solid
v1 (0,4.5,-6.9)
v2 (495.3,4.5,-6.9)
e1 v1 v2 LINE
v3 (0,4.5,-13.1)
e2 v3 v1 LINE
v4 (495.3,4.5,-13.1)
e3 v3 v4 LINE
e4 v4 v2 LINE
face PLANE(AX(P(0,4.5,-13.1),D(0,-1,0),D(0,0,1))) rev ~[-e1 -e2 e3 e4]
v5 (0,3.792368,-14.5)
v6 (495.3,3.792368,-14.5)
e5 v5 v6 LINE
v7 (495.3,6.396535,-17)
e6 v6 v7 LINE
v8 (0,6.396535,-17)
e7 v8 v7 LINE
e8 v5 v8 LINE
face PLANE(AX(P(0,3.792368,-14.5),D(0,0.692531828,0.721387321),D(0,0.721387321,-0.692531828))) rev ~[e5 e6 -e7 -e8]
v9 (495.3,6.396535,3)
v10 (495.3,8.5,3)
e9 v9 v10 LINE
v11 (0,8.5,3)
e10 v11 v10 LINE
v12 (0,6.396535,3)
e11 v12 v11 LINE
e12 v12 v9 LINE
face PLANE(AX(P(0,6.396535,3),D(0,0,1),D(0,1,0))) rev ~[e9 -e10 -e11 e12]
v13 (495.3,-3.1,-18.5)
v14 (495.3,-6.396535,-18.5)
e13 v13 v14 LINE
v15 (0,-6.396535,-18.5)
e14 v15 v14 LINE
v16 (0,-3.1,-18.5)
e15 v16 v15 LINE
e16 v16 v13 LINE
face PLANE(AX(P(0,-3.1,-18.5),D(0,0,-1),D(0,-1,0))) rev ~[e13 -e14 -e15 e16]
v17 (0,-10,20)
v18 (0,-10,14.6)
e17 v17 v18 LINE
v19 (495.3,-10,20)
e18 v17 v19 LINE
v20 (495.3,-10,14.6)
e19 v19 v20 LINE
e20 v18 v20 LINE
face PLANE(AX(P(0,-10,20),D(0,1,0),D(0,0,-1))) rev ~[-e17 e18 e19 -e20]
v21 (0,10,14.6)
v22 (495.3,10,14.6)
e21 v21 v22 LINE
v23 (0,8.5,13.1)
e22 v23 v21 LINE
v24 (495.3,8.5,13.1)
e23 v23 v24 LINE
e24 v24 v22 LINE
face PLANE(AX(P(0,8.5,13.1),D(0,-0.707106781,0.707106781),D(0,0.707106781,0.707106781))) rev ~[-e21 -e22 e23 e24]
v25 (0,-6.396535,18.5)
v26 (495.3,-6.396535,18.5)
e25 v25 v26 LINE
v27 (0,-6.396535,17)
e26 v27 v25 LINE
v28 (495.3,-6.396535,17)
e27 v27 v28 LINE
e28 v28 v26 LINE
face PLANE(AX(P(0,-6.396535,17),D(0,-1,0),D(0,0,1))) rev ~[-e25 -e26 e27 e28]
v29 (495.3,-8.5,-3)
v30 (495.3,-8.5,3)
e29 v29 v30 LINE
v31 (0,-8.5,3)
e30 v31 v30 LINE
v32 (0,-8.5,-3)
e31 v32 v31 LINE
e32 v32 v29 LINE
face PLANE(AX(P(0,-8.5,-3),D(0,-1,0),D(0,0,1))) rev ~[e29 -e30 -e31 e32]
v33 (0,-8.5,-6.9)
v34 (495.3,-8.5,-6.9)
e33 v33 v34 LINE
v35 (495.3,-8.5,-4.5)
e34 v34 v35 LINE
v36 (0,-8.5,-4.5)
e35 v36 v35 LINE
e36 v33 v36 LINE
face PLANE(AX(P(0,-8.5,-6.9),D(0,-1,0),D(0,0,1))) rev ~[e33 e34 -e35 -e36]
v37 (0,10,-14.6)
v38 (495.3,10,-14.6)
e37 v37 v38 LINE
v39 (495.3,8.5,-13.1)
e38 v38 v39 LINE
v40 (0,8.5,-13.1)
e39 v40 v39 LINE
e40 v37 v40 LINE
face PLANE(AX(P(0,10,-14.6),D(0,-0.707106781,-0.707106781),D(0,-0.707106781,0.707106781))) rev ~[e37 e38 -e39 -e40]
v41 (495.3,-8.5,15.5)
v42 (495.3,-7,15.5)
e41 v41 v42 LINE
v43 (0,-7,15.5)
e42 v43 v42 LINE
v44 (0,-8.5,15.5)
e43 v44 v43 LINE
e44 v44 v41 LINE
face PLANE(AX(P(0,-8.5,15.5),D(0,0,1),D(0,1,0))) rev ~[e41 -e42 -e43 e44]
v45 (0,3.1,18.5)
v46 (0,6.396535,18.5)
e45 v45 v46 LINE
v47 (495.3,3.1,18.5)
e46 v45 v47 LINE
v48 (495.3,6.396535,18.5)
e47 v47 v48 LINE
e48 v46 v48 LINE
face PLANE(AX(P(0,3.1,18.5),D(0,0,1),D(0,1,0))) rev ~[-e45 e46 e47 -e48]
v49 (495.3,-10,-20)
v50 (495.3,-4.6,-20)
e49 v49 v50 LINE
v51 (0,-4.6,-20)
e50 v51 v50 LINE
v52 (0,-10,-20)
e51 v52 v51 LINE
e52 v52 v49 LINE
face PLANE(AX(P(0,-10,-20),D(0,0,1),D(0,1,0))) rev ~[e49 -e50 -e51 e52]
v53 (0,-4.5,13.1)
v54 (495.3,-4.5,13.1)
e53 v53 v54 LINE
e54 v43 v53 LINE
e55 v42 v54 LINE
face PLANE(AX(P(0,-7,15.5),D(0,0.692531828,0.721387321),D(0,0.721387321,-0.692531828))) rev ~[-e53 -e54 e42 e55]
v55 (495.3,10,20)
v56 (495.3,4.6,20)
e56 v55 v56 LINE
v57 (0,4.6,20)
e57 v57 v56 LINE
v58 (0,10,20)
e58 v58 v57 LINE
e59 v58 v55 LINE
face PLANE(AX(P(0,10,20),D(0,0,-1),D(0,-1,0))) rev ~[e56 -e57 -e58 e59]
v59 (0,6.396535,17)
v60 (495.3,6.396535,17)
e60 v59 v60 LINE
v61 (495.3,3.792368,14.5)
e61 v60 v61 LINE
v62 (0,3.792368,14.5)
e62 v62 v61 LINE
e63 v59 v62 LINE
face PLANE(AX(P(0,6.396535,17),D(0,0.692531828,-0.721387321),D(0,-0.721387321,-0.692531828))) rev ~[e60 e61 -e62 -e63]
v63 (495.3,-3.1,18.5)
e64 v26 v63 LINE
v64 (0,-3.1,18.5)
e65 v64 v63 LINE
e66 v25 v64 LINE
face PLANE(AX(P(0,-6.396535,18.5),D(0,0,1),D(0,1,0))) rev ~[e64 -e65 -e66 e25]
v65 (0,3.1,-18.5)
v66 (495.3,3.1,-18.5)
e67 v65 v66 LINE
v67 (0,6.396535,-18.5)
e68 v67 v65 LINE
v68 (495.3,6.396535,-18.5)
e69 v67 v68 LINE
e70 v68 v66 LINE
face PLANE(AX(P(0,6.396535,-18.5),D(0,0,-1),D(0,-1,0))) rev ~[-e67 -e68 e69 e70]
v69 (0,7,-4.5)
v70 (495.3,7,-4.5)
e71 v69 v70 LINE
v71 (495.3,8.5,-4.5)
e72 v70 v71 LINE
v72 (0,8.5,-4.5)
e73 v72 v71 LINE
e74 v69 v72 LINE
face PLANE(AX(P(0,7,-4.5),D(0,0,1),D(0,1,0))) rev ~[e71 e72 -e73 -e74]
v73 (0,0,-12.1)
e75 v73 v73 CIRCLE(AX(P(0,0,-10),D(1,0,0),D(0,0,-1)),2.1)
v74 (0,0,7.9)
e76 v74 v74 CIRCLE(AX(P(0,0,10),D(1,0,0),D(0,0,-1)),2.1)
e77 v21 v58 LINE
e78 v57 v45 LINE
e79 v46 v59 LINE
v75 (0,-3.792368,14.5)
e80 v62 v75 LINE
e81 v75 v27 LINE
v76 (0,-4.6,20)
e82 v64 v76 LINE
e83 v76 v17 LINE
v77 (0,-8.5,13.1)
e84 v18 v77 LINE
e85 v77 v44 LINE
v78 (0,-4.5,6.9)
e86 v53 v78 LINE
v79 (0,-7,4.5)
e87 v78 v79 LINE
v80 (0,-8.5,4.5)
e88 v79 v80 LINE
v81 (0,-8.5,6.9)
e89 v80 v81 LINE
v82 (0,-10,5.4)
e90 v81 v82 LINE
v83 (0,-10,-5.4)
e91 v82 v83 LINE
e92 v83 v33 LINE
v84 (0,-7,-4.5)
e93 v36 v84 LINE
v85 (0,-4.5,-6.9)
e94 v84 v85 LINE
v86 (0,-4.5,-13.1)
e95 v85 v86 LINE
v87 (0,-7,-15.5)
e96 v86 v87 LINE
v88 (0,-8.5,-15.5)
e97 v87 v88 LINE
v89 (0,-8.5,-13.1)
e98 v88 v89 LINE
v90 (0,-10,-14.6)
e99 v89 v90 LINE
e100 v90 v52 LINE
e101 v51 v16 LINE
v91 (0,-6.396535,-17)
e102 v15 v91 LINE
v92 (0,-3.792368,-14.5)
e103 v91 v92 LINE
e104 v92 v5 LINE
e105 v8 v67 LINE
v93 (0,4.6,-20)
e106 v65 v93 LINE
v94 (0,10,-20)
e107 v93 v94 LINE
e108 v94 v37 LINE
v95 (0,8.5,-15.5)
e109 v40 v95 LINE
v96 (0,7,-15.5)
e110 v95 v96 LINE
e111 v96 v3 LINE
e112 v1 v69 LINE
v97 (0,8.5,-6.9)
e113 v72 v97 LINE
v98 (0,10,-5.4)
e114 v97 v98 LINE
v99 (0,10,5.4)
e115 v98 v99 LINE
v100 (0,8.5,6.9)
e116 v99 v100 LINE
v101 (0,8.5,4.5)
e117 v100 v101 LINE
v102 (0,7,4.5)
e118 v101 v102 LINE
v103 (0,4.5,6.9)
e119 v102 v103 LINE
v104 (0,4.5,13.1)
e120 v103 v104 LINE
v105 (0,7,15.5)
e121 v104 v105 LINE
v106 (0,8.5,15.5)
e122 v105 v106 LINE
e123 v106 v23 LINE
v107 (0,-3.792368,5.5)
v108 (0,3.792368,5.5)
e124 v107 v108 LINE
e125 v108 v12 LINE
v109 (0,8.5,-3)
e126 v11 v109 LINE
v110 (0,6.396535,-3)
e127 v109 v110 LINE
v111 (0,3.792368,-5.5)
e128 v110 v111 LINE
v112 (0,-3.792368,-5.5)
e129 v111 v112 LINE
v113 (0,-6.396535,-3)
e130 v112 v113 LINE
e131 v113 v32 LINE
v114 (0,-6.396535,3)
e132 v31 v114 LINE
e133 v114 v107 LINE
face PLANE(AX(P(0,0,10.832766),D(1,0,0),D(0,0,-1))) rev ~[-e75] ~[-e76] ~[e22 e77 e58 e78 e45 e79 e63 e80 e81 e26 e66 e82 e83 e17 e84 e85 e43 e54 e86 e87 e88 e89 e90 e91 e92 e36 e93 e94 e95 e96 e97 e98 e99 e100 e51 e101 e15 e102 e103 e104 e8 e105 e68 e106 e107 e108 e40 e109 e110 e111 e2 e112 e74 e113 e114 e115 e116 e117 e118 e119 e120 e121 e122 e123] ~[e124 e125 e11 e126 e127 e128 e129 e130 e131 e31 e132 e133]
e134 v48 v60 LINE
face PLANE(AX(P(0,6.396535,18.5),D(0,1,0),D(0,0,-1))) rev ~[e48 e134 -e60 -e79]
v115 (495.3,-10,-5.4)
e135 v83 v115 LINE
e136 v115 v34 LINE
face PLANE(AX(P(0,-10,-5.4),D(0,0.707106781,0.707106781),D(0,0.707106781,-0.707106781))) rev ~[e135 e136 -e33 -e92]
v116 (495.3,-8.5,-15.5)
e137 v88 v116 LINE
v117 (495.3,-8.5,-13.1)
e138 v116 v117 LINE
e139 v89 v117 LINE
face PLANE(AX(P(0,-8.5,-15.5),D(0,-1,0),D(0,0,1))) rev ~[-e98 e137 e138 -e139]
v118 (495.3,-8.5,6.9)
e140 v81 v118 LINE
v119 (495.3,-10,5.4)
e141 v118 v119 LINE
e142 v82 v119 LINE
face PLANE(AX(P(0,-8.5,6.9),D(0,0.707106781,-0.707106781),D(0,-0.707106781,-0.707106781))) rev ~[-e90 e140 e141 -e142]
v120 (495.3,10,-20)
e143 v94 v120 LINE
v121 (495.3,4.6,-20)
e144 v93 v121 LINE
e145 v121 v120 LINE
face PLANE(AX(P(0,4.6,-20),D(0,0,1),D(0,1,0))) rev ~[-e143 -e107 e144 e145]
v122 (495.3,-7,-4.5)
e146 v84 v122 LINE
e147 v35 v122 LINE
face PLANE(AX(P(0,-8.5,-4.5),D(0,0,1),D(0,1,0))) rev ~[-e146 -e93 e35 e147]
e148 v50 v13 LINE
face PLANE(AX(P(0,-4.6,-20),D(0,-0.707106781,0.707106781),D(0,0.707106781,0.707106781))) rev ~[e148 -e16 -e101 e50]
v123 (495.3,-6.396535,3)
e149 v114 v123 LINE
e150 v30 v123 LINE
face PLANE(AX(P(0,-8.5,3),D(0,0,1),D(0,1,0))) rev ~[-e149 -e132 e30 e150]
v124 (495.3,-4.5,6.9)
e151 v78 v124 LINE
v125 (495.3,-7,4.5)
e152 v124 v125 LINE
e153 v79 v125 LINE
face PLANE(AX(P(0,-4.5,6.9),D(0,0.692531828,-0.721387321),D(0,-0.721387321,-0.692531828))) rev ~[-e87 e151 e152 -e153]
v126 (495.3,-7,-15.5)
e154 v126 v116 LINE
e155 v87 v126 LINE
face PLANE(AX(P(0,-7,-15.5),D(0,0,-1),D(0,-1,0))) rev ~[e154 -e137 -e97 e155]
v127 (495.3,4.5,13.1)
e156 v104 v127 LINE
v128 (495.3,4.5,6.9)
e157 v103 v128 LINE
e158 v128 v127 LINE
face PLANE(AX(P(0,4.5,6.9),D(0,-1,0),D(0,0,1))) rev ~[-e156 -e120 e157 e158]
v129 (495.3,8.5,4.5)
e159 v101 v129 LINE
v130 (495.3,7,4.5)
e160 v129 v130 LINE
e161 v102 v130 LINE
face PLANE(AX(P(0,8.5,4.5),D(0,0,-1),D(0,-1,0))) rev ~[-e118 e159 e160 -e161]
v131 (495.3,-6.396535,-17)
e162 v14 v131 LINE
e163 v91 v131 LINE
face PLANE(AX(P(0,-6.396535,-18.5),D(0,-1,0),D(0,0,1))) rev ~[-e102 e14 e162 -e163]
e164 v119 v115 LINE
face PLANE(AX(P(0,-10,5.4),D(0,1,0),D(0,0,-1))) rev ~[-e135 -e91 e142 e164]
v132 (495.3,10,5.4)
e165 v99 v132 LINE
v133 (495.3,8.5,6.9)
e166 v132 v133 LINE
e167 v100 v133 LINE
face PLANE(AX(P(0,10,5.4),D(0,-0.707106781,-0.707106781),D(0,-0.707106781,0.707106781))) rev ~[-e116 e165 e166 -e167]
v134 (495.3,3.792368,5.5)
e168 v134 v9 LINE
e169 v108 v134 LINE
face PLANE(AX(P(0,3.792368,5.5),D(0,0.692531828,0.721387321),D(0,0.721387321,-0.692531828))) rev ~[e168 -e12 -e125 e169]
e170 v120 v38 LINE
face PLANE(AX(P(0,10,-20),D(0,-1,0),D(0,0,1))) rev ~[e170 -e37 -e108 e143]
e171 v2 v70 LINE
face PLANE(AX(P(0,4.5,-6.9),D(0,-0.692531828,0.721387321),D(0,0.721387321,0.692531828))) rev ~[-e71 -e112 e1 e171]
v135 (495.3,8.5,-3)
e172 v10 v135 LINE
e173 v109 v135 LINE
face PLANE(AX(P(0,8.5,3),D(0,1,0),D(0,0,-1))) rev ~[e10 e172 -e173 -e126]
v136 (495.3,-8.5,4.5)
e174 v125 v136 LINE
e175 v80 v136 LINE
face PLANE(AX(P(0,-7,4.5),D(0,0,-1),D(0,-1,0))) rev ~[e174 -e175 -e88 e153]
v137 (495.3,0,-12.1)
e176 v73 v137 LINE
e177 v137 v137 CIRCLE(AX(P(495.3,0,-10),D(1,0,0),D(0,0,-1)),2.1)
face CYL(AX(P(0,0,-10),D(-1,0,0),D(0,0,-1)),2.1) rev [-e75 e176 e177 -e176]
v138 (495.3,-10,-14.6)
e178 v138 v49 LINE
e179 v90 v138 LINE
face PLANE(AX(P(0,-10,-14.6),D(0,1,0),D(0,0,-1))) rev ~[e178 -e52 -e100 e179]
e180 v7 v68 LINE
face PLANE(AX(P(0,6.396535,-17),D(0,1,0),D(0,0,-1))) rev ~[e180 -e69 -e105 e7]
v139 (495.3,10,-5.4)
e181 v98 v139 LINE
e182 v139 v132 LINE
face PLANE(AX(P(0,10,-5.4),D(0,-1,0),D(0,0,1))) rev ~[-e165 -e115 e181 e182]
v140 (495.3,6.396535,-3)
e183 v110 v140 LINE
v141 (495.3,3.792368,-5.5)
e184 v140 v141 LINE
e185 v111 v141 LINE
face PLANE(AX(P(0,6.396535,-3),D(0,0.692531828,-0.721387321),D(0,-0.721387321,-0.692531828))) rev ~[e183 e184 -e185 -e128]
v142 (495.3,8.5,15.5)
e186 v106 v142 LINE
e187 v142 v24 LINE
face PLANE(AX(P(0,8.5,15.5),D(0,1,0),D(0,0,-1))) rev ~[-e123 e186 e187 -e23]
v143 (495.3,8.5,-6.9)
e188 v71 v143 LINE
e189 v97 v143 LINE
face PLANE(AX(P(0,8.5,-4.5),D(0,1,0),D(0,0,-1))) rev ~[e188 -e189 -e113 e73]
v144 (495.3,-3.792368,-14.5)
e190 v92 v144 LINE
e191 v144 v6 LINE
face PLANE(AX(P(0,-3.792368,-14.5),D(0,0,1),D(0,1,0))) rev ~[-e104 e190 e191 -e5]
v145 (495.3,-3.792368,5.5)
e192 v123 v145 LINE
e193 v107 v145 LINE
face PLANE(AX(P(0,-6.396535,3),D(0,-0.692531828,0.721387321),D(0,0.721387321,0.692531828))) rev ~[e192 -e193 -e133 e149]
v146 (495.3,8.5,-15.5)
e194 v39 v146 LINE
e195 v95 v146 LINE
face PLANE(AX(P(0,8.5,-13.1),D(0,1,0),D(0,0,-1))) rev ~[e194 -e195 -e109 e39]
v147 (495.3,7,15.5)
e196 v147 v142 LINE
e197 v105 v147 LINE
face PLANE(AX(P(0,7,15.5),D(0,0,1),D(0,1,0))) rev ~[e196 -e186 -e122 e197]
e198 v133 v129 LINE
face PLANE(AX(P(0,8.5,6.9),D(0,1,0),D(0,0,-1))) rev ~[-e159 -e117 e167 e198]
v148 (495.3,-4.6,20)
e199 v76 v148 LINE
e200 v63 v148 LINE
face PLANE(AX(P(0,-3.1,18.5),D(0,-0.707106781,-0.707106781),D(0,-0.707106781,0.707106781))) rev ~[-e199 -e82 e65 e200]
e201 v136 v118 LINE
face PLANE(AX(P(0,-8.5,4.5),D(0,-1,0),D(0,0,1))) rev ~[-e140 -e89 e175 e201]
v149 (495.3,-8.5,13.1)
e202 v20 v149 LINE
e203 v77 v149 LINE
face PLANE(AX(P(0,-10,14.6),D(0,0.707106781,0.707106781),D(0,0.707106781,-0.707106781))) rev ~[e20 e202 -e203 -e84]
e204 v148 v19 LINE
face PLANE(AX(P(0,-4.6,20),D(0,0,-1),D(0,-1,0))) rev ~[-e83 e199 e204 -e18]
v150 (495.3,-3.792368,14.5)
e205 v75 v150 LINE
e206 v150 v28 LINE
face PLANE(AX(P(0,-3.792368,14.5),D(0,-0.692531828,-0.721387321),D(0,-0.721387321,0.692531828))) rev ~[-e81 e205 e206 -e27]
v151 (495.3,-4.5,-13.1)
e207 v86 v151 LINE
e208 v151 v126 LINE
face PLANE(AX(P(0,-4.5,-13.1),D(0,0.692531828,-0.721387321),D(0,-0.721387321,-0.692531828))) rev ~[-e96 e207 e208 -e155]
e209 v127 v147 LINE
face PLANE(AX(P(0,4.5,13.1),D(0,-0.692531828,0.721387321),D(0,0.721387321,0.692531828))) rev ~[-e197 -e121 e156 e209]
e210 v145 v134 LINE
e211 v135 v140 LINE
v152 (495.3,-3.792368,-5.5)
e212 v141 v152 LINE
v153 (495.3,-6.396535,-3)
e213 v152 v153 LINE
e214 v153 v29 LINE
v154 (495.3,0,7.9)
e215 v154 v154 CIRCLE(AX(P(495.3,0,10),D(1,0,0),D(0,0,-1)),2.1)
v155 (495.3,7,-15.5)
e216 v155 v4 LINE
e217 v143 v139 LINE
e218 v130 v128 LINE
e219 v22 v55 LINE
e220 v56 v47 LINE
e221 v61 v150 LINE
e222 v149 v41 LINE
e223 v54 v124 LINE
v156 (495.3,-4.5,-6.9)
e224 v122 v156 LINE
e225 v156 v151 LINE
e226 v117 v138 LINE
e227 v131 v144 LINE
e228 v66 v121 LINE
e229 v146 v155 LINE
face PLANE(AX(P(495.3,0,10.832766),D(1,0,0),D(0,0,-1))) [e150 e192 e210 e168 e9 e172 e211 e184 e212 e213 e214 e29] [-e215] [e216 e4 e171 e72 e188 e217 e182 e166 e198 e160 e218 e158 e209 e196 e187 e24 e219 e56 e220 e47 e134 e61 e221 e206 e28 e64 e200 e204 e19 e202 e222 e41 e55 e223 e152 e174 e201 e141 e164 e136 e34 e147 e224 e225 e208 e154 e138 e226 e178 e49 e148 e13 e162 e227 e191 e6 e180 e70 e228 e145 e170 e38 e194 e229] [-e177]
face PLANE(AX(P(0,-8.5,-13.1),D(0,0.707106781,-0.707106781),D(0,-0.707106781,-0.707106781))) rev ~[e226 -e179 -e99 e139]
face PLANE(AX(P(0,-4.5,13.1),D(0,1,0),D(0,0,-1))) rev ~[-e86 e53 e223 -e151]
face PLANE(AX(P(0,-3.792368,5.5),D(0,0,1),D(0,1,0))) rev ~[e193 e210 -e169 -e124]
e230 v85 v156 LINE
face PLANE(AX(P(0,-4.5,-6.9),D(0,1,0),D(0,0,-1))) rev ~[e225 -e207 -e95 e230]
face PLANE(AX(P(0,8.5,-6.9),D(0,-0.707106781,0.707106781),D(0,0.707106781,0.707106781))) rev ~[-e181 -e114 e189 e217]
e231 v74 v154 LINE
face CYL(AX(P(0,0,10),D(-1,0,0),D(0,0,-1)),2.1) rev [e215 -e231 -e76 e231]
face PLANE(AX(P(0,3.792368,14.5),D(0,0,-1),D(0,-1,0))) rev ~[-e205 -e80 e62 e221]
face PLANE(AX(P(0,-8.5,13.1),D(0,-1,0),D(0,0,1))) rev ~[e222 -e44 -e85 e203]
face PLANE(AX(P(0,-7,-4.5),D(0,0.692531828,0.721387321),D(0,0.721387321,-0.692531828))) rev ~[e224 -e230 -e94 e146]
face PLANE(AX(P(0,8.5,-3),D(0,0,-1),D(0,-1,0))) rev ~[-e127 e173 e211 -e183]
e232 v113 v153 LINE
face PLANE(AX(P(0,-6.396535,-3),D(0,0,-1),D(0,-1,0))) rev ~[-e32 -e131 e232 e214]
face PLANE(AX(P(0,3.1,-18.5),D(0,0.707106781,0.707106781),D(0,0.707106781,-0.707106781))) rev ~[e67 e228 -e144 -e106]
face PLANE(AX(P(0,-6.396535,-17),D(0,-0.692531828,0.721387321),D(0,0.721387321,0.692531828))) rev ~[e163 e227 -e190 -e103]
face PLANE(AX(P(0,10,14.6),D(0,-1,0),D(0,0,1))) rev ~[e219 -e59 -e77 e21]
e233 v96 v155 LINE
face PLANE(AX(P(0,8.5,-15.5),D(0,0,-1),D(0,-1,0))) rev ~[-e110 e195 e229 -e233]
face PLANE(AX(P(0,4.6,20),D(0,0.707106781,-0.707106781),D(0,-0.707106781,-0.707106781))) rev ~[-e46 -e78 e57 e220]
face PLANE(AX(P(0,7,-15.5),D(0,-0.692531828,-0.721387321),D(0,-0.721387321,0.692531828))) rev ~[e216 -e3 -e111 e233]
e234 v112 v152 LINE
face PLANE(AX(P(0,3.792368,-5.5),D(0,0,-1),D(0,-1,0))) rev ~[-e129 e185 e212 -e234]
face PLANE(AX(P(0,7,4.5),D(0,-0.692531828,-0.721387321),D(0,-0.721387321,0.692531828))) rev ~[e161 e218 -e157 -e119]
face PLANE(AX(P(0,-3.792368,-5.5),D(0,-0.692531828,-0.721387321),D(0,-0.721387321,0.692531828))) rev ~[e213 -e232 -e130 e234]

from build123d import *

# Parameters (mm, degrees)
SKETCH1_R           = 2.1
BOSS_EXTRUDE2_DEPTH = 495.3


with BuildPart() as part:
    # Sketch1 → Boss-Extrude2 (new body)
    with BuildSketch(Plane(origin=(0, 0, 0), x_dir=(0, 0, -1), z_dir=(1, 0, 0))):
        Polygon((-20, -4.6), (-20, -10), (-14.6, -10), (-13.1, -8.5), (-15.5, -8.5), (-15.5, -7), (-13.1, -4.5), (-6.9, -4.5), (-4.5, -7), (-4.5, -8.5), (-6.9, -8.5), (-5.4, -10), (0, -10), (0, -8.5), (-3, -8.5), (-3, -6.396534569), (-5.5, -3.792367902), (-5.5, 3.792367902), (-3, 6.396534569), (-3, 8.5), (0, 8.5), (0, 10), (-5.4, 10), (-6.9, 8.5), (-4.5, 8.5), (-4.5, 7), (-6.9, 4.5), (-13.1, 4.5), (-15.5, 7), (-15.5, 8.5), (-13.1, 8.5), (-14.6, 10), (-20, 10), (-20, 4.6), (-18.5, 3.1), (-18.5, 6.396534569), (-17, 6.396534569), (-14.5, 3.792367902), (-14.5, -3.792367902), (-17, -6.396534569), (-18.5, -6.396534569), (-18.5, -3.1), align=None)
        with Locations((-10, 0)):
            Circle(SKETCH1_R, mode=Mode.SUBTRACT)
        Polygon((0, -8.5), (0, -10), (5.4, -10), (6.9, -8.5), (4.5, -8.5), (4.5, -7), (6.9, -4.5), (13.1, -4.5), (15.5, -7), (15.5, -8.5), (13.1, -8.5), (14.6, -10), (20, -10), (20, -4.6), (18.5, -3.1), (18.5, -6.396534569), (17, -6.396534569), (14.5, -3.792367902), (14.5, 3.792367902), (17, 6.396534569), (18.5, 6.396534569), (18.5, 3.1), (20, 4.6), (20, 10), (14.6, 10), (13.1, 8.5), (15.5, 8.5), (15.5, 7), (13.1, 4.5), (6.9, 4.5), (4.5, 7), (4.5, 8.5), (6.9, 8.5), (5.4, 10), (0, 10), (0, 8.5), (3, 8.5), (3, 6.396534569), (5.5, 3.792367902), (5.5, -3.792367902), (3, -6.396534569), (3, -8.5), align=None)
        with Locations((10, 0)):
            Circle(SKETCH1_R, mode=Mode.SUBTRACT)
    extrude(amount=BOSS_EXTRUDE2_DEPTH)


solid = part.part
